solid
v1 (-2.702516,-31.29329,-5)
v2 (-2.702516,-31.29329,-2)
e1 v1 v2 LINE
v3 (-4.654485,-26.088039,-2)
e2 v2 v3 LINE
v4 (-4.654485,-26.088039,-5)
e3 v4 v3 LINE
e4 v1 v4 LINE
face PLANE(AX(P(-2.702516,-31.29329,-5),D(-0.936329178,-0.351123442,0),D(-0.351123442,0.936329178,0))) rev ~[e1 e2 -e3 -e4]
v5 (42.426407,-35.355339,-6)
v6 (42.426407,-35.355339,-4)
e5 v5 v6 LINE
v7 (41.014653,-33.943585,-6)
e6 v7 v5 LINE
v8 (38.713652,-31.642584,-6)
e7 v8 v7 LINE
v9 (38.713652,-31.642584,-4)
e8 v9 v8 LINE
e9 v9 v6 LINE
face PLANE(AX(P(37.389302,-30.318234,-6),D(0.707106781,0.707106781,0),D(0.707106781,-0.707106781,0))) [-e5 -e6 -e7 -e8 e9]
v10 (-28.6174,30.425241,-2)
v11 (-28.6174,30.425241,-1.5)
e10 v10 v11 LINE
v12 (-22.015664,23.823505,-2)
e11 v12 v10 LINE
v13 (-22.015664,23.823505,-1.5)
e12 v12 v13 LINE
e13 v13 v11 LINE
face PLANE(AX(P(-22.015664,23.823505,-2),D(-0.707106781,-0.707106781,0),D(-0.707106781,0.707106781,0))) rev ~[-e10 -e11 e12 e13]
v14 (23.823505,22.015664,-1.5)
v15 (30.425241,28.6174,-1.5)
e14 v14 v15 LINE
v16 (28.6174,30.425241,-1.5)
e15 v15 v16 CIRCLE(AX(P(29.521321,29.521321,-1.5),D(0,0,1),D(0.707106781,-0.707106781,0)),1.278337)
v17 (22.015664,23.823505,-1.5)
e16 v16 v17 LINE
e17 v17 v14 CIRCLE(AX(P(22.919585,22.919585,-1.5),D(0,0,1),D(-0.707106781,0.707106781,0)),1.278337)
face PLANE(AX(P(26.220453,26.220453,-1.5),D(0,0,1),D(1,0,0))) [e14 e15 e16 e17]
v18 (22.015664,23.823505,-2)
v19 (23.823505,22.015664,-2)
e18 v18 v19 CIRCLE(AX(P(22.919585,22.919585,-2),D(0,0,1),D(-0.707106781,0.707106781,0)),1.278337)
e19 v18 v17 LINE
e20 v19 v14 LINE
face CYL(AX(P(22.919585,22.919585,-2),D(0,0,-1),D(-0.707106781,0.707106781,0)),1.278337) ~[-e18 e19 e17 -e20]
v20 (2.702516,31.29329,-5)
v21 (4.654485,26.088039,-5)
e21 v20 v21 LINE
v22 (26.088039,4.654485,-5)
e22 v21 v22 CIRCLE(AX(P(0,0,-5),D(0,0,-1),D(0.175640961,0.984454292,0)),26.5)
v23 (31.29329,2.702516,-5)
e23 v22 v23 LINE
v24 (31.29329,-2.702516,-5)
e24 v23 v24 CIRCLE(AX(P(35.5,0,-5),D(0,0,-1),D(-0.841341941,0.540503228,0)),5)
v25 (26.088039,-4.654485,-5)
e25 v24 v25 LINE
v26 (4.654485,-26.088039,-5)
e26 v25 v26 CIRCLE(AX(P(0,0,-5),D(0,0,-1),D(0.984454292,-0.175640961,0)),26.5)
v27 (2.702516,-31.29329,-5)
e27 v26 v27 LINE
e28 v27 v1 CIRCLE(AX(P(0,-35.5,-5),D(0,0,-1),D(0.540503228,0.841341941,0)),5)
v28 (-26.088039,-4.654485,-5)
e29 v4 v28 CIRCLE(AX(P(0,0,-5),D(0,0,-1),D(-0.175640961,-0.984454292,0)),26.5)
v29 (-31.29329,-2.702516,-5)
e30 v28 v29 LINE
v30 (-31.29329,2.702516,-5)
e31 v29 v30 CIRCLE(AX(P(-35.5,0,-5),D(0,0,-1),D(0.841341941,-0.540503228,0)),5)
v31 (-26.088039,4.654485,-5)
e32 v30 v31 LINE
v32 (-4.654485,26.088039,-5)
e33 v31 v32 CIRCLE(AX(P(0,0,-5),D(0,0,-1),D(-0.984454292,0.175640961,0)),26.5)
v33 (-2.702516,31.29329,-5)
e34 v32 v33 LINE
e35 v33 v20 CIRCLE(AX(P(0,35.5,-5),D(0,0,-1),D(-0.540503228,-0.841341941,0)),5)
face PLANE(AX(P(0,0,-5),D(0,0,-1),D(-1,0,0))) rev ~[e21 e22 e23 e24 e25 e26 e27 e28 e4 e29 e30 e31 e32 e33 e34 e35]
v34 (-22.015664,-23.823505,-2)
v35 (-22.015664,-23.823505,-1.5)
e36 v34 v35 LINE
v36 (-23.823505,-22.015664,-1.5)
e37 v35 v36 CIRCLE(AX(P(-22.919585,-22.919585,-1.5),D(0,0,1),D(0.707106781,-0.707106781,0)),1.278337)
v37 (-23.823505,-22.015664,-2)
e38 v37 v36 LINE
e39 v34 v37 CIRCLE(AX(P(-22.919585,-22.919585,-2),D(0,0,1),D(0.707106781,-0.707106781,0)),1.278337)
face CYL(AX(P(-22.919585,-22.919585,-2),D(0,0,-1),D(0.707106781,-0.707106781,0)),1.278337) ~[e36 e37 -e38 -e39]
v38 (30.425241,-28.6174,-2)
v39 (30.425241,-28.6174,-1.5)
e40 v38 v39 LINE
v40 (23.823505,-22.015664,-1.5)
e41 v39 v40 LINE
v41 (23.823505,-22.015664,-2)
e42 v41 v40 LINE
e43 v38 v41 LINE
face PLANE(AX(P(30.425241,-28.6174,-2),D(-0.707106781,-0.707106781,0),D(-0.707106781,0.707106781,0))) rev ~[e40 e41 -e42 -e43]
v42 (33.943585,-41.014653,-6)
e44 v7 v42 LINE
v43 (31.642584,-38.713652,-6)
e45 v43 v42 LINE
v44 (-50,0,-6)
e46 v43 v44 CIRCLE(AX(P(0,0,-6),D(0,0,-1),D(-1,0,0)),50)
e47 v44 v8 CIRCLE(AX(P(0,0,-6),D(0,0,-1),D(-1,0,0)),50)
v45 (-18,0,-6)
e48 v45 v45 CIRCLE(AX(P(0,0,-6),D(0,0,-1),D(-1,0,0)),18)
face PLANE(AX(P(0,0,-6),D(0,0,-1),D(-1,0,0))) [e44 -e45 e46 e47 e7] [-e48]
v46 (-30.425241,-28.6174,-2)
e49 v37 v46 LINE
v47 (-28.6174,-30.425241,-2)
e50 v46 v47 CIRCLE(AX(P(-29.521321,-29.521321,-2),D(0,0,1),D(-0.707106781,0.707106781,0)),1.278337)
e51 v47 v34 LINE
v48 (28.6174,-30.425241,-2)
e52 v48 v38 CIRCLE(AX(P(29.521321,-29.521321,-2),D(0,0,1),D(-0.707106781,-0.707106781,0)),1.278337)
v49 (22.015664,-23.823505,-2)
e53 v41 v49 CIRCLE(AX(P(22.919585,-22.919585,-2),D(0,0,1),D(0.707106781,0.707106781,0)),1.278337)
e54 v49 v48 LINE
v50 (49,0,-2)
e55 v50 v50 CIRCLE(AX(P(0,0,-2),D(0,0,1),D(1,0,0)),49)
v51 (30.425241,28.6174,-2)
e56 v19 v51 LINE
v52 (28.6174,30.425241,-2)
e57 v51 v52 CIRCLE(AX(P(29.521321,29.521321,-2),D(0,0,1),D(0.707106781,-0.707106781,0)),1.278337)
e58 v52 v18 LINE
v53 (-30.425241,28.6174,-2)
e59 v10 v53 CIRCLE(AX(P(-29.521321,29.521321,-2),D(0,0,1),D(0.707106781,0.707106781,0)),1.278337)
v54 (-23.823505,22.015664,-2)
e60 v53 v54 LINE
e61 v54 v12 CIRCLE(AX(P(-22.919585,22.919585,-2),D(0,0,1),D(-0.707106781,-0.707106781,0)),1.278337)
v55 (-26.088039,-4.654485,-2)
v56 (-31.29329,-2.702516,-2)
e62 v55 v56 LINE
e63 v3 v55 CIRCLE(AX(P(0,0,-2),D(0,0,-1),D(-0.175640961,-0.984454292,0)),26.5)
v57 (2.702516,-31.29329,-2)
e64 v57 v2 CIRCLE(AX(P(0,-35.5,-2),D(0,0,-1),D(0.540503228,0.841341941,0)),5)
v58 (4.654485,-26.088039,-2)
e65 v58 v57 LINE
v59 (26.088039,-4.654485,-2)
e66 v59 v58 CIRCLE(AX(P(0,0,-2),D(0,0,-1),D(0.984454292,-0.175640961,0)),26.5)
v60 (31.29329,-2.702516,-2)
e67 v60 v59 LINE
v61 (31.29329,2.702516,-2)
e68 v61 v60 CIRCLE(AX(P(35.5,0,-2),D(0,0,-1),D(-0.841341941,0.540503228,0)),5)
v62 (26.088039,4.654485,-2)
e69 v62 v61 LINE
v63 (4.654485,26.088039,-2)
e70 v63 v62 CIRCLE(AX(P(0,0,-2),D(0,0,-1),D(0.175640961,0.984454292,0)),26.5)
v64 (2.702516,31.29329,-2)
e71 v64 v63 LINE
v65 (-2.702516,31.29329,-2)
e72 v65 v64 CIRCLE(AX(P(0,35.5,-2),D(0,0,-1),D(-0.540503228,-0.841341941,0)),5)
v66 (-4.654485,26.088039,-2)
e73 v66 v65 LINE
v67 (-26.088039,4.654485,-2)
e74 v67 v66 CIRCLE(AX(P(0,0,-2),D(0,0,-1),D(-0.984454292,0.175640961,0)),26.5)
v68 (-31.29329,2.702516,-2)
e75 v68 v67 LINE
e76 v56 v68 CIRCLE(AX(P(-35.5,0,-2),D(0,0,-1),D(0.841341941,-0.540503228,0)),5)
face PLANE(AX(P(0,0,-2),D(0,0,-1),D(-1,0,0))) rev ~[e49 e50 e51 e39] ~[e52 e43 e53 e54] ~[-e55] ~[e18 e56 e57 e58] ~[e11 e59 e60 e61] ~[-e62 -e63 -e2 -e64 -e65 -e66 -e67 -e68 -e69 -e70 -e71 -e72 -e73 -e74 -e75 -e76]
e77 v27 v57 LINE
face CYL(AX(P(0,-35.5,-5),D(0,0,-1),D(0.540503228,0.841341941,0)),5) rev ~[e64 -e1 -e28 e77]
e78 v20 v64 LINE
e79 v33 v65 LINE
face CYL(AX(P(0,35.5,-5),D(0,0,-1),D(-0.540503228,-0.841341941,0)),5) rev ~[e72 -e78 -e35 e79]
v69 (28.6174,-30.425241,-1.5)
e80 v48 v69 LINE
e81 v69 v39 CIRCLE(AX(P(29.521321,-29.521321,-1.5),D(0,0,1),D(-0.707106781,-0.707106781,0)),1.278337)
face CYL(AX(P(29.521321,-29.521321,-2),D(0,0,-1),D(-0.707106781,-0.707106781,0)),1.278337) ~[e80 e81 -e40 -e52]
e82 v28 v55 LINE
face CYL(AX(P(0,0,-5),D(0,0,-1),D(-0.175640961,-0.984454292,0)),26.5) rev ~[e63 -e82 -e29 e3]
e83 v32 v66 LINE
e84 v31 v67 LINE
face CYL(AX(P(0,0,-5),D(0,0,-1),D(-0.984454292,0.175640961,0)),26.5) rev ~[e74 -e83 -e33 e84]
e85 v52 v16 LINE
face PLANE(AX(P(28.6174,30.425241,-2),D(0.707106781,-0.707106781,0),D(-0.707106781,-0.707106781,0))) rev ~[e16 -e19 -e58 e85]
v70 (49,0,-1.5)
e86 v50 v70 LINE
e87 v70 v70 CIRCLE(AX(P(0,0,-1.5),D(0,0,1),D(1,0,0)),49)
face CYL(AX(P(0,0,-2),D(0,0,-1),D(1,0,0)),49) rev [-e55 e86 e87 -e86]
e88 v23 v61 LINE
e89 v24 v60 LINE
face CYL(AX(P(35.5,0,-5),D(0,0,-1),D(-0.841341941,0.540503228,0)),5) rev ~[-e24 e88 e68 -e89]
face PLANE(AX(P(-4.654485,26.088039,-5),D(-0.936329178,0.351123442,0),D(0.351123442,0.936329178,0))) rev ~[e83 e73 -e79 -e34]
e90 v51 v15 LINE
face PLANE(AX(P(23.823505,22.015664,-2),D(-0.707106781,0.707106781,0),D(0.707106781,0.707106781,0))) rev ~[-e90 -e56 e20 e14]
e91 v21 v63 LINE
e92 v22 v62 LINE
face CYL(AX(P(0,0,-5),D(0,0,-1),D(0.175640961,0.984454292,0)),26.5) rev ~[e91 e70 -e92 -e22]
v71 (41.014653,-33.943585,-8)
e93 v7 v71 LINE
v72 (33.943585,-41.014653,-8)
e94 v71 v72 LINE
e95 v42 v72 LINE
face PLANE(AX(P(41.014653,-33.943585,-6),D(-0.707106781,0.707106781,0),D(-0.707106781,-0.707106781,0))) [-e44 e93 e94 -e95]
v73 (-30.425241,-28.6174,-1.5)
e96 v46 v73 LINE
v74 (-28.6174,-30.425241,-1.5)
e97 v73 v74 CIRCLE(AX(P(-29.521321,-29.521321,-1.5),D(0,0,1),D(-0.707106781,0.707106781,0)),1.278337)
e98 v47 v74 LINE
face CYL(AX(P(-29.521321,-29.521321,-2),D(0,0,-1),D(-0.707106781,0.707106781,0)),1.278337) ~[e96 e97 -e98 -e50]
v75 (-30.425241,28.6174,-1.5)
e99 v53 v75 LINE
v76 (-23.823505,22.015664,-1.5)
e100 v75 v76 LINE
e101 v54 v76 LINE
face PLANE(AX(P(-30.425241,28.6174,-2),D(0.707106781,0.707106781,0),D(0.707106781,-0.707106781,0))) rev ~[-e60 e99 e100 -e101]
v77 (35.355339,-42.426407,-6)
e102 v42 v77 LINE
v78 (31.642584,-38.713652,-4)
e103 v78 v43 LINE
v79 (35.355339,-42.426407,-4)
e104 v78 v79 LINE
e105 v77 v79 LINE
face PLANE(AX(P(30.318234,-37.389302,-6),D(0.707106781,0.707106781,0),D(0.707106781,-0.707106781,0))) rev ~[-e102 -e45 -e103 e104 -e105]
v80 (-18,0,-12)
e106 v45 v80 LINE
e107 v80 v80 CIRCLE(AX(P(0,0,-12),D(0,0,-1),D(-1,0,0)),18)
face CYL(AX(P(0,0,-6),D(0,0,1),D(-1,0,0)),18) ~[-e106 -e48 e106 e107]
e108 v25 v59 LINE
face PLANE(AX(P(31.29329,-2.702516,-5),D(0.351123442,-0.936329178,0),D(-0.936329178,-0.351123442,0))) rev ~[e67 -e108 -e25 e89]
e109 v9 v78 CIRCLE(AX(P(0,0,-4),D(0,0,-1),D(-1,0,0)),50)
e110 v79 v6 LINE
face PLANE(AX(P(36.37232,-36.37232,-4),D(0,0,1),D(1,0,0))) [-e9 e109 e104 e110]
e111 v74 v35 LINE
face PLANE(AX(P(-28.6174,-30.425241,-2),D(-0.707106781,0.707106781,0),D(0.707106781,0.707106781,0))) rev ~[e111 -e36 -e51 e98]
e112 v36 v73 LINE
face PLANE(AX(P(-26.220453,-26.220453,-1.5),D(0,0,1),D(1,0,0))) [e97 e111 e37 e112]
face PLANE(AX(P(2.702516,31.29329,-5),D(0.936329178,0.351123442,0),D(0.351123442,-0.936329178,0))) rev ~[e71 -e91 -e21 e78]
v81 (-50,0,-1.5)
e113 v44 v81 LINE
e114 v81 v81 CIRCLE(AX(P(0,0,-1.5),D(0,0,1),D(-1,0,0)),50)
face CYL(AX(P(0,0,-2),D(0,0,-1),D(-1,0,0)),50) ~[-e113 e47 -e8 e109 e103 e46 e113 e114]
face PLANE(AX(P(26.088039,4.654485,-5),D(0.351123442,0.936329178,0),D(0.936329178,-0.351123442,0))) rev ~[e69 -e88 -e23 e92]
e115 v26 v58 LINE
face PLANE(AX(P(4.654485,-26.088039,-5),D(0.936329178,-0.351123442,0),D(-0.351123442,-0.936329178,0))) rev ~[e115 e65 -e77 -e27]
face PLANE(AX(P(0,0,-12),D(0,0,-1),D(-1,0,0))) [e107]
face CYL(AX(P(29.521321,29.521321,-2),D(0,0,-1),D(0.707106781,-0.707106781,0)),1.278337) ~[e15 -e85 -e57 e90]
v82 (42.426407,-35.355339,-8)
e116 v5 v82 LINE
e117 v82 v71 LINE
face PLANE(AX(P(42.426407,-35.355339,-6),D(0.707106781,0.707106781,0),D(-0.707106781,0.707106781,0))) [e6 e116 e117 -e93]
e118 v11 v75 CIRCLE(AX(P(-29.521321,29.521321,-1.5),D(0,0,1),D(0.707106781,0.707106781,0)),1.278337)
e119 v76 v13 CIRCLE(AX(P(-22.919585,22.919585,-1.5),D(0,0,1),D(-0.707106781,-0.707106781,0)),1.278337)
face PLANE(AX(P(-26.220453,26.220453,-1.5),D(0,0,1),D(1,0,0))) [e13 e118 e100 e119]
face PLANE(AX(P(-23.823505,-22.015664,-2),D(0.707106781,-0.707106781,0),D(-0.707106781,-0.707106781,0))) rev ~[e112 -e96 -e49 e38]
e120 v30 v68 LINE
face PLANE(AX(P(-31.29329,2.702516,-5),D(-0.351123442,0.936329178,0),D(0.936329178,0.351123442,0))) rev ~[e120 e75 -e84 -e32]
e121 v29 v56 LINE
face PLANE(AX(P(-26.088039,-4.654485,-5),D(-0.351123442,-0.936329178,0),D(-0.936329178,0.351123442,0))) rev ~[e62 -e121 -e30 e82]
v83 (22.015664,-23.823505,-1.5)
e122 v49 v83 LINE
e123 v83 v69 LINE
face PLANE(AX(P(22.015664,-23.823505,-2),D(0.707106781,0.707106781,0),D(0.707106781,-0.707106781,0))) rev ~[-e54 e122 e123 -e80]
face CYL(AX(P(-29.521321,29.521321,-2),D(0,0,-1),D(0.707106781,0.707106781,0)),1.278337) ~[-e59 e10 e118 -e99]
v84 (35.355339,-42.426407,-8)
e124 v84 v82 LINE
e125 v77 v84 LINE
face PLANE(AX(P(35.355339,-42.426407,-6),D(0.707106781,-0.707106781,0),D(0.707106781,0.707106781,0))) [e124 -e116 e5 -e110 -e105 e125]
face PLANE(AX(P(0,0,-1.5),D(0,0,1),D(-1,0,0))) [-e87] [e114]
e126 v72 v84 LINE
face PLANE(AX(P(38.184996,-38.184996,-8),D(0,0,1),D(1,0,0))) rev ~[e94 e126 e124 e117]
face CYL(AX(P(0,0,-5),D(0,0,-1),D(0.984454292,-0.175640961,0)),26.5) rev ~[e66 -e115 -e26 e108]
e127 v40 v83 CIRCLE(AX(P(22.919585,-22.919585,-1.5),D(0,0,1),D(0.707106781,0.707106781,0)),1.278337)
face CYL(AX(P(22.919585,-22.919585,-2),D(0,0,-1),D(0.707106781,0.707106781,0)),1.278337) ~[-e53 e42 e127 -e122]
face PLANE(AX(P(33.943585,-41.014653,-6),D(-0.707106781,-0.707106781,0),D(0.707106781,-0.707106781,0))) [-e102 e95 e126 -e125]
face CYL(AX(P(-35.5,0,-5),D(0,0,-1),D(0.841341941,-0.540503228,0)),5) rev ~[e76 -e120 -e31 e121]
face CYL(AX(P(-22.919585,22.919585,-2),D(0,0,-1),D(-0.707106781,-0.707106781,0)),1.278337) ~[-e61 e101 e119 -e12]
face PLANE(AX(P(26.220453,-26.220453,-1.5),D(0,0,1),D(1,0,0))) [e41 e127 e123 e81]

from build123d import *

# Parameters (mm, degrees)
CROQUIS2_R              = 50
SALIENTE_EXTRUIR2_DEPTH = 3
SALIENTE_EXTRUIR3_START = 1
CROQUIS3_R              = 50
SALIENTE_EXTRUIR3_DEPTH = 1
CROQUIS4_R              = 18
SALIENTE_EXTRUIR4_DEPTH = 6
CROQUIS5_R              = 50
CROQUIS5_R_2            = 49
SALIENTE_EXTRUIR5_DEPTH = 0.5
SALIENTE_EXTRUIR6_DEPTH = 2
SALIENTE_EXTRUIR7_DEPTH = 2


with BuildPart() as part:
    # Croquis2 → Saliente-Extruir2 (new body)
    with BuildSketch(Plane(origin=(0, 0, -5), x_dir=(-1, 0, 0), z_dir=(0, 0, -1))):
        Circle(CROQUIS2_R)
        with BuildLine():
            Line((-26.088038734, 4.654485475), (-31.293290297, 2.702516138))
            ThreePointArc((-31.293290297, 2.702516138), (-40.5, 0), (-31.293290297, -2.702516138))
            Line((-31.293290297, -2.702516138), (-26.088038734, -4.654485475))
            ThreePointArc((-26.088038734, -4.654485475), (-18.738329701, -18.738329701), (-4.654485475, -26.088038734))
            Line((-4.654485475, -26.088038734), (-2.702516138, -31.293290297))
            ThreePointArc((-2.702516138, -31.293290297), (0, -40.5), (2.702516138, -31.293290297))
            Line((2.702516138, -31.293290297), (4.654485475, -26.088038734))
            ThreePointArc((4.654485475, -26.088038734), (18.738329701, -18.738329701), (26.088038734, -4.654485475))
            Line((26.088038734, -4.654485475), (31.293290297, -2.702516138))
            ThreePointArc((31.293290297, -2.702516138), (40.5, 0), (31.293290297, 2.702516138))
            Line((31.293290297, 2.702516138), (26.088038734, 4.654485475))
            ThreePointArc((26.088038734, 4.654485475), (18.738329701, 18.738329701), (4.654485475, 26.088038734))
            Line((4.654485475, 26.088038734), (2.702516138, 31.293290297))
            ThreePointArc((2.702516138, 31.293290297), (0, 40.5), (-2.702516138, 31.293290297))
            Line((-2.702516138, 31.293290297), (-4.654485475, 26.088038734))
            ThreePointArc((-4.654485475, 26.088038734), (-18.738329701, 18.738329701), (-26.088038734, 4.654485475))
        make_face(mode=Mode.SUBTRACT)
    extrude(amount=-SALIENTE_EXTRUIR2_DEPTH)

    # Croquis3 → Saliente-Extruir3 (add)
    with BuildSketch(Plane(origin=(0, 0, -5), x_dir=(-1, 0, 0), z_dir=(0, 0, -1)).offset(SALIENTE_EXTRUIR3_START)):
        Circle(CROQUIS3_R)
    extrude(amount=-SALIENTE_EXTRUIR3_DEPTH)

    # Croquis4 → Saliente-Extruir4 (add)
    with BuildSketch(Plane(origin=(0, 0, -6), x_dir=(-1, 0, 0), z_dir=(0, 0, -1))):
        Circle(CROQUIS4_R)
    extrude(amount=SALIENTE_EXTRUIR4_DEPTH)

    # Croquis5 → Saliente-Extruir5 (add)
    # profile 1 of 5: a face of its own
    with BuildSketch(Plane.XY.offset(-2)):
        with Locations(Location((0, 0, 0), (0, 0, 180))):
            Circle(CROQUIS5_R)
        Circle(CROQUIS5_R_2, mode=Mode.SUBTRACT)
    # profile 2 of 5: a face of its own
    with BuildSketch(Plane.XY.offset(-2)):
        with BuildLine():
            Line((-30.425241187, 28.617399842), (-23.823505496, 22.01566415))
            ThreePointArc((-23.823505496, 22.01566415), (-22.01566415, 22.01566415), (-22.01566415, 23.823505496))
            Line((-22.01566415, 23.823505496), (-28.617399842, 30.425241187))
            ThreePointArc((-28.617399842, 30.425241187), (-30.425241187, 30.425241187), (-30.425241187, 28.617399842))
        make_face()
    # profile 3 of 5: a face of its own
    with BuildSketch(Plane.XY.offset(-2)):
        with BuildLine():
            Line((30.425241187, -28.617399842), (23.823505496, -22.01566415))
            ThreePointArc((23.823505496, -22.01566415), (22.01566415, -22.01566415), (22.01566415, -23.823505496))
            Line((22.01566415, -23.823505496), (28.617399842, -30.425241187))
            ThreePointArc((28.617399842, -30.425241187), (30.425241187, -30.425241187), (30.425241187, -28.617399842))
        make_face()
    # profile 4 of 5: a face of its own
    with BuildSketch(Plane.XY.offset(-2)):
        with BuildLine():
            Line((-28.617399842, -30.425241187), (-22.01566415, -23.823505496))
            ThreePointArc((-22.01566415, -23.823505496), (-22.01566415, -22.01566415), (-23.823505496, -22.01566415))
            Line((-23.823505496, -22.01566415), (-30.425241187, -28.617399842))
            ThreePointArc((-30.425241187, -28.617399842), (-30.425241187, -30.425241187), (-28.617399842, -30.425241187))
        make_face()
    # profile 5 of 5: a face of its own
    with BuildSketch(Plane.XY.offset(-2)):
        with BuildLine():
            Line((28.617399842, 30.425241187), (22.01566415, 23.823505496))
            ThreePointArc((22.01566415, 23.823505496), (22.01566415, 22.01566415), (23.823505496, 22.01566415))
            Line((23.823505496, 22.01566415), (30.425241187, 28.617399842))
            ThreePointArc((30.425241187, 28.617399842), (30.425241187, 30.425241187), (28.617399842, 30.425241187))
        make_face()
    extrude(amount=SALIENTE_EXTRUIR5_DEPTH)

    # Croquis6 → Saliente-Extruir6 (add)
    with BuildSketch(Plane(origin=(0, 0, -6), x_dir=(-1, 0, 0), z_dir=(0, 0, -1))):
        Polygon((-30.318233872, -37.389301684), (-35.355339059, -42.426406871), (-42.426406871, -35.355339059), (-38.890872965, -31.819805153), (-37.389301684, -30.318233872), align=None)
    extrude(amount=-SALIENTE_EXTRUIR6_DEPTH)

    # Croquis7 → Saliente-Extruir7 (add)
    with BuildSketch(Plane(origin=(0, 0, -6), x_dir=(-1, 0, 0), z_dir=(0, 0, -1))):
        Polygon((-42.426406871, -35.355339059), (-41.014653165, -33.943585354), (-33.943585354, -41.014653165), (-35.355339059, -42.426406871), align=None)
    extrude(amount=SALIENTE_EXTRUIR7_DEPTH)


solid = part.part
